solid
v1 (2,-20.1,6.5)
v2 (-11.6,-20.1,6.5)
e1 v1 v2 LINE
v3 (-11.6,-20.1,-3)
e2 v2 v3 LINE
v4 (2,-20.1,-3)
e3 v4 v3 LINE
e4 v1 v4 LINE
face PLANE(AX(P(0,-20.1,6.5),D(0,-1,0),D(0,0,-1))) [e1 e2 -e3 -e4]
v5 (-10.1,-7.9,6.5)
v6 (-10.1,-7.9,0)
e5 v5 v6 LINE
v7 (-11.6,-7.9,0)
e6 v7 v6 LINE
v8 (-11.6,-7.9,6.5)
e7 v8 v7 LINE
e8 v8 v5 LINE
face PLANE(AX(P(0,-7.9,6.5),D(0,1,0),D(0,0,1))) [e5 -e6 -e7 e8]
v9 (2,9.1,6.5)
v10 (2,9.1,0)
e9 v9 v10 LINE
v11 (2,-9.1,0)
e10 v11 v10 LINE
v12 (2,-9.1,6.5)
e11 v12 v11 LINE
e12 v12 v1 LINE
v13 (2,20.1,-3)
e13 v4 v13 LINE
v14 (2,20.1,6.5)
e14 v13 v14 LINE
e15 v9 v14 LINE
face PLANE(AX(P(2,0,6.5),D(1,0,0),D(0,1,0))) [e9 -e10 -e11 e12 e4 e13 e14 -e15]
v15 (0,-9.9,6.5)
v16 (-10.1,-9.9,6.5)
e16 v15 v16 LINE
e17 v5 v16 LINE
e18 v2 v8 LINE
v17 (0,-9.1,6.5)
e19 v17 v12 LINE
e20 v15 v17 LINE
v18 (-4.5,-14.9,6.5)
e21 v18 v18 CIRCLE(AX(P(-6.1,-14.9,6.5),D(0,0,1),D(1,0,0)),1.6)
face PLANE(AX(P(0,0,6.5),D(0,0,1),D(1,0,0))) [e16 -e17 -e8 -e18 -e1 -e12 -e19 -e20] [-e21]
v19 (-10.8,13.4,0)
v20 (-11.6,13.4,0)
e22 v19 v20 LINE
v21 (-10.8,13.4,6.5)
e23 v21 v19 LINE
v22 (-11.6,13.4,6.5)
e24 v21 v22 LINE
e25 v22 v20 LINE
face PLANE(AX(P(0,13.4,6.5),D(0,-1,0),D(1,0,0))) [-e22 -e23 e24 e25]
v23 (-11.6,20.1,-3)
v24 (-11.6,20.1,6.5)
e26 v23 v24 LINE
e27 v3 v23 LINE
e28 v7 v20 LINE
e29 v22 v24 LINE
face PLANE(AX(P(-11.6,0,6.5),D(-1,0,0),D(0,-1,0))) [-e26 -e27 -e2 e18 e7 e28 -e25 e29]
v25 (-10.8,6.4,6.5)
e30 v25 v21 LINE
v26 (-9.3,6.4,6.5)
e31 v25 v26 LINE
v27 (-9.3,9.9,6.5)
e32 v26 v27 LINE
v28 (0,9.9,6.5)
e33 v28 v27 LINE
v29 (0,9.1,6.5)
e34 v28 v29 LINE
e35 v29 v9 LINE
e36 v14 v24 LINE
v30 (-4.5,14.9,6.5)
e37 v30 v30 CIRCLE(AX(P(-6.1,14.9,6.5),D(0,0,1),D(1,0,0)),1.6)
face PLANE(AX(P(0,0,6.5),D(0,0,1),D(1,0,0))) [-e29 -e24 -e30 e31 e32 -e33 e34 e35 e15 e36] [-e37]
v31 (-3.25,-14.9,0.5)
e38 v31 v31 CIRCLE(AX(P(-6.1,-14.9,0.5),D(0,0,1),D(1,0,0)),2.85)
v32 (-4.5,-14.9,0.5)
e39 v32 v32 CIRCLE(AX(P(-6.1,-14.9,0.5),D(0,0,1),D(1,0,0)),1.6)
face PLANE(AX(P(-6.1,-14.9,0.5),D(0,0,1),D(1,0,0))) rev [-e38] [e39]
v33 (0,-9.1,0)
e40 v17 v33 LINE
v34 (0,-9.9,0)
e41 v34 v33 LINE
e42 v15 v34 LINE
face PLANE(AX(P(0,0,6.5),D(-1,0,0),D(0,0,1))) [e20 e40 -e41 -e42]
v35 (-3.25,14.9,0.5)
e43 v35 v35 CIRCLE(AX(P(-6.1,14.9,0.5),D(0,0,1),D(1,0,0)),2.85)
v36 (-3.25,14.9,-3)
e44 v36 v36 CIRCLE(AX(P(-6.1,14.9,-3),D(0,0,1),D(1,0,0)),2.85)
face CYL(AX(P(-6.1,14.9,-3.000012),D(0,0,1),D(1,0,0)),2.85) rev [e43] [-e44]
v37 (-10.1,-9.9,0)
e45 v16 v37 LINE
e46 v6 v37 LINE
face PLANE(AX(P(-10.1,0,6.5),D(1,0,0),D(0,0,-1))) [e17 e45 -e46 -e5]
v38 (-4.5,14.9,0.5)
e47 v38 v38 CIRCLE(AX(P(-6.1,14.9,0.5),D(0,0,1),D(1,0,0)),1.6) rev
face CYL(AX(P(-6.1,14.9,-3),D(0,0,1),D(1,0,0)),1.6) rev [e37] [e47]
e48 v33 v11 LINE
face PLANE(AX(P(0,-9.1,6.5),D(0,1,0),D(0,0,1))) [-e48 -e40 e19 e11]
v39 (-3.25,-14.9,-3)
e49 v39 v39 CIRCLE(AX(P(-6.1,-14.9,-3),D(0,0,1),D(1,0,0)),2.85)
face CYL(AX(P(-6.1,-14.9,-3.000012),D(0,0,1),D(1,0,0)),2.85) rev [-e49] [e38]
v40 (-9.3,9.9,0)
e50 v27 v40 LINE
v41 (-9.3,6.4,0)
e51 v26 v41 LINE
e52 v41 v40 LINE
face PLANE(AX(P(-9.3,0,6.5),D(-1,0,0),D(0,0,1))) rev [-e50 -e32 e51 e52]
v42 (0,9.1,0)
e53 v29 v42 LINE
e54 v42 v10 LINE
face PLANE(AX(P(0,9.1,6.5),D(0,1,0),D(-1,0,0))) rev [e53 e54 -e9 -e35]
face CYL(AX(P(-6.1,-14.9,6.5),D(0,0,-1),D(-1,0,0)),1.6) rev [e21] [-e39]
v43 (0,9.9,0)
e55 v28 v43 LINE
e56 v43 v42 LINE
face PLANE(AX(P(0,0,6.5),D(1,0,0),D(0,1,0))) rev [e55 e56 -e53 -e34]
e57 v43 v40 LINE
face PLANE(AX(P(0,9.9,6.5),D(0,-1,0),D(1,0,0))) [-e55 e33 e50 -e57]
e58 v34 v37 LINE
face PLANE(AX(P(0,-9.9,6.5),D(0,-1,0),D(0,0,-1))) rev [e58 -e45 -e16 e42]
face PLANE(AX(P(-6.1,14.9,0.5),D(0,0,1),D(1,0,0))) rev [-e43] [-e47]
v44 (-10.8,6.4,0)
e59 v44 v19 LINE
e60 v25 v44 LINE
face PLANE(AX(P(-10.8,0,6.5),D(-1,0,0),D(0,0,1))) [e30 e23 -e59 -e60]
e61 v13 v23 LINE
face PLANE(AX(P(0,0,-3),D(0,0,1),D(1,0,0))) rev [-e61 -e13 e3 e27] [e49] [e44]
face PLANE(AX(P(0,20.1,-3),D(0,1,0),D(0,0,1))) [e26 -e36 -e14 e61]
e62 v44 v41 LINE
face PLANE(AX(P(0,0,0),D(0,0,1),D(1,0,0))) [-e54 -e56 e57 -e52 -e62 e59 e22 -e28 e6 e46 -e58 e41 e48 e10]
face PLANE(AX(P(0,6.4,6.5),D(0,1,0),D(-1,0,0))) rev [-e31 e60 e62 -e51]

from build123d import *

# Parameters (mm, degrees)
SKETCH1_R               = 2.85
SKETCH1_R_2             = 1.6
BOSS_EXTRUDE1_DEPTH     = 6.5
SKETCH1_3_R             = 2.85
SKETCH1_3_R_2           = 1.6
BOSS_EXTRUDE2_DEPTH     = 3
CUT_EXTRUDE1_START      = -3
SKETCH1_4_R             = 2.85
CUT_EXTRUDE1_DEPTH      = 3.5
CUT_EXTRUDE1_DEPTH_BACK = 4


with BuildPart() as part:
    # Sketch1 → Boss-Extrude1 (new body)
    with BuildSketch(Plane(origin=(0, 0, 0), x_dir=(0, 1, 0), z_dir=(0, 0, 1))):
        Polygon((-7.9, 10.1), (-9.9, 10.1), (-9.9, 0), (-9.1, 0), (-9.1, -2), (-20.1, -2), (-20.1, 11.6), (-7.9, 11.6), align=None)
        with Locations((-14.9, 6.1)):
            Circle(SKETCH1_R, mode=Mode.SUBTRACT)
        Polygon((13.4, 11.6), (20.1, 11.6), (20.1, -2), (9.1, -2), (9.1, 0), (9.9, 0), (9.9, 9.3), (6.4, 9.3), (6.4, 10.8), (13.4, 10.8), align=None)
        with Locations((14.9, 6.1)):
            Circle(SKETCH1_R, mode=Mode.SUBTRACT)
        with Locations((-14.9, 6.1)):
            Circle(SKETCH1_R)
        with Locations((-14.9, 6.1)):
            Circle(SKETCH1_R_2, mode=Mode.SUBTRACT)
        with Locations((14.9, 6.1)):
            Circle(SKETCH1_R)
        with Locations((14.9, 6.1)):
            Circle(SKETCH1_R_2, mode=Mode.SUBTRACT)
    extrude(amount=BOSS_EXTRUDE1_DEPTH)

    # Sketch1<3> → Boss-Extrude2 (add)
    with BuildSketch(Plane(origin=(0, 0, 0), x_dir=(0, 1, 0), z_dir=(0, 0, 1))):
        with Locations((14.9, 6.1)):
            Circle(SKETCH1_3_R)
        with Locations((14.9, 6.1)):
            Circle(SKETCH1_3_R_2, mode=Mode.SUBTRACT)
        Polygon((13.4, 11.6), (20.1, 11.6), (20.1, -2), (9.1, -2), (9.1, 0), (9.9, 0), (9.9, 9.3), (6.4, 9.3), (6.4, 10.8), (13.4, 10.8), align=None)
        with Locations((14.9, 6.1)):
            Circle(SKETCH1_3_R, mode=Mode.SUBTRACT)
        Polygon((-7.9, 11.6), (13.4, 11.6), (13.4, 10.8), (6.4, 10.8), (6.4, 9.3), (9.9, 9.3), (9.9, 0), (9.1, 0), (9.1, -2), (-9.1, -2), (-9.1, 0), (-9.9, 0), (-9.9, 10.1), (-7.9, 10.1), align=None)
        with Locations((-14.9, 6.1)):
            Circle(SKETCH1_3_R)
        with Locations((-14.9, 6.1)):
            Circle(SKETCH1_3_R_2, mode=Mode.SUBTRACT)
        Polygon((-7.9, 10.1), (-9.9, 10.1), (-9.9, 0), (-9.1, 0), (-9.1, -2), (-20.1, -2), (-20.1, 11.6), (-7.9, 11.6), align=None)
        with Locations((-14.9, 6.1)):
            Circle(SKETCH1_3_R, mode=Mode.SUBTRACT)
    extrude(amount=-BOSS_EXTRUDE2_DEPTH)

    # Sketch1<4> → Cut-Extrude1 (cut, two sides)
    with BuildSketch(Plane(origin=(0, 0, 0), x_dir=(0, 1, 0), z_dir=(0, 0, 1)).offset(CUT_EXTRUDE1_START)) as cut_extrude1_sk:
        with Locations((14.9, 6.1)):
            Circle(SKETCH1_4_R)
        with Locations((-14.9, 6.1)):
            Circle(SKETCH1_4_R)
    extrude(amount=CUT_EXTRUDE1_DEPTH, mode=Mode.SUBTRACT)
    extrude(cut_extrude1_sk.sketch, amount=-CUT_EXTRUDE1_DEPTH_BACK, mode=Mode.SUBTRACT)


solid = part.part
